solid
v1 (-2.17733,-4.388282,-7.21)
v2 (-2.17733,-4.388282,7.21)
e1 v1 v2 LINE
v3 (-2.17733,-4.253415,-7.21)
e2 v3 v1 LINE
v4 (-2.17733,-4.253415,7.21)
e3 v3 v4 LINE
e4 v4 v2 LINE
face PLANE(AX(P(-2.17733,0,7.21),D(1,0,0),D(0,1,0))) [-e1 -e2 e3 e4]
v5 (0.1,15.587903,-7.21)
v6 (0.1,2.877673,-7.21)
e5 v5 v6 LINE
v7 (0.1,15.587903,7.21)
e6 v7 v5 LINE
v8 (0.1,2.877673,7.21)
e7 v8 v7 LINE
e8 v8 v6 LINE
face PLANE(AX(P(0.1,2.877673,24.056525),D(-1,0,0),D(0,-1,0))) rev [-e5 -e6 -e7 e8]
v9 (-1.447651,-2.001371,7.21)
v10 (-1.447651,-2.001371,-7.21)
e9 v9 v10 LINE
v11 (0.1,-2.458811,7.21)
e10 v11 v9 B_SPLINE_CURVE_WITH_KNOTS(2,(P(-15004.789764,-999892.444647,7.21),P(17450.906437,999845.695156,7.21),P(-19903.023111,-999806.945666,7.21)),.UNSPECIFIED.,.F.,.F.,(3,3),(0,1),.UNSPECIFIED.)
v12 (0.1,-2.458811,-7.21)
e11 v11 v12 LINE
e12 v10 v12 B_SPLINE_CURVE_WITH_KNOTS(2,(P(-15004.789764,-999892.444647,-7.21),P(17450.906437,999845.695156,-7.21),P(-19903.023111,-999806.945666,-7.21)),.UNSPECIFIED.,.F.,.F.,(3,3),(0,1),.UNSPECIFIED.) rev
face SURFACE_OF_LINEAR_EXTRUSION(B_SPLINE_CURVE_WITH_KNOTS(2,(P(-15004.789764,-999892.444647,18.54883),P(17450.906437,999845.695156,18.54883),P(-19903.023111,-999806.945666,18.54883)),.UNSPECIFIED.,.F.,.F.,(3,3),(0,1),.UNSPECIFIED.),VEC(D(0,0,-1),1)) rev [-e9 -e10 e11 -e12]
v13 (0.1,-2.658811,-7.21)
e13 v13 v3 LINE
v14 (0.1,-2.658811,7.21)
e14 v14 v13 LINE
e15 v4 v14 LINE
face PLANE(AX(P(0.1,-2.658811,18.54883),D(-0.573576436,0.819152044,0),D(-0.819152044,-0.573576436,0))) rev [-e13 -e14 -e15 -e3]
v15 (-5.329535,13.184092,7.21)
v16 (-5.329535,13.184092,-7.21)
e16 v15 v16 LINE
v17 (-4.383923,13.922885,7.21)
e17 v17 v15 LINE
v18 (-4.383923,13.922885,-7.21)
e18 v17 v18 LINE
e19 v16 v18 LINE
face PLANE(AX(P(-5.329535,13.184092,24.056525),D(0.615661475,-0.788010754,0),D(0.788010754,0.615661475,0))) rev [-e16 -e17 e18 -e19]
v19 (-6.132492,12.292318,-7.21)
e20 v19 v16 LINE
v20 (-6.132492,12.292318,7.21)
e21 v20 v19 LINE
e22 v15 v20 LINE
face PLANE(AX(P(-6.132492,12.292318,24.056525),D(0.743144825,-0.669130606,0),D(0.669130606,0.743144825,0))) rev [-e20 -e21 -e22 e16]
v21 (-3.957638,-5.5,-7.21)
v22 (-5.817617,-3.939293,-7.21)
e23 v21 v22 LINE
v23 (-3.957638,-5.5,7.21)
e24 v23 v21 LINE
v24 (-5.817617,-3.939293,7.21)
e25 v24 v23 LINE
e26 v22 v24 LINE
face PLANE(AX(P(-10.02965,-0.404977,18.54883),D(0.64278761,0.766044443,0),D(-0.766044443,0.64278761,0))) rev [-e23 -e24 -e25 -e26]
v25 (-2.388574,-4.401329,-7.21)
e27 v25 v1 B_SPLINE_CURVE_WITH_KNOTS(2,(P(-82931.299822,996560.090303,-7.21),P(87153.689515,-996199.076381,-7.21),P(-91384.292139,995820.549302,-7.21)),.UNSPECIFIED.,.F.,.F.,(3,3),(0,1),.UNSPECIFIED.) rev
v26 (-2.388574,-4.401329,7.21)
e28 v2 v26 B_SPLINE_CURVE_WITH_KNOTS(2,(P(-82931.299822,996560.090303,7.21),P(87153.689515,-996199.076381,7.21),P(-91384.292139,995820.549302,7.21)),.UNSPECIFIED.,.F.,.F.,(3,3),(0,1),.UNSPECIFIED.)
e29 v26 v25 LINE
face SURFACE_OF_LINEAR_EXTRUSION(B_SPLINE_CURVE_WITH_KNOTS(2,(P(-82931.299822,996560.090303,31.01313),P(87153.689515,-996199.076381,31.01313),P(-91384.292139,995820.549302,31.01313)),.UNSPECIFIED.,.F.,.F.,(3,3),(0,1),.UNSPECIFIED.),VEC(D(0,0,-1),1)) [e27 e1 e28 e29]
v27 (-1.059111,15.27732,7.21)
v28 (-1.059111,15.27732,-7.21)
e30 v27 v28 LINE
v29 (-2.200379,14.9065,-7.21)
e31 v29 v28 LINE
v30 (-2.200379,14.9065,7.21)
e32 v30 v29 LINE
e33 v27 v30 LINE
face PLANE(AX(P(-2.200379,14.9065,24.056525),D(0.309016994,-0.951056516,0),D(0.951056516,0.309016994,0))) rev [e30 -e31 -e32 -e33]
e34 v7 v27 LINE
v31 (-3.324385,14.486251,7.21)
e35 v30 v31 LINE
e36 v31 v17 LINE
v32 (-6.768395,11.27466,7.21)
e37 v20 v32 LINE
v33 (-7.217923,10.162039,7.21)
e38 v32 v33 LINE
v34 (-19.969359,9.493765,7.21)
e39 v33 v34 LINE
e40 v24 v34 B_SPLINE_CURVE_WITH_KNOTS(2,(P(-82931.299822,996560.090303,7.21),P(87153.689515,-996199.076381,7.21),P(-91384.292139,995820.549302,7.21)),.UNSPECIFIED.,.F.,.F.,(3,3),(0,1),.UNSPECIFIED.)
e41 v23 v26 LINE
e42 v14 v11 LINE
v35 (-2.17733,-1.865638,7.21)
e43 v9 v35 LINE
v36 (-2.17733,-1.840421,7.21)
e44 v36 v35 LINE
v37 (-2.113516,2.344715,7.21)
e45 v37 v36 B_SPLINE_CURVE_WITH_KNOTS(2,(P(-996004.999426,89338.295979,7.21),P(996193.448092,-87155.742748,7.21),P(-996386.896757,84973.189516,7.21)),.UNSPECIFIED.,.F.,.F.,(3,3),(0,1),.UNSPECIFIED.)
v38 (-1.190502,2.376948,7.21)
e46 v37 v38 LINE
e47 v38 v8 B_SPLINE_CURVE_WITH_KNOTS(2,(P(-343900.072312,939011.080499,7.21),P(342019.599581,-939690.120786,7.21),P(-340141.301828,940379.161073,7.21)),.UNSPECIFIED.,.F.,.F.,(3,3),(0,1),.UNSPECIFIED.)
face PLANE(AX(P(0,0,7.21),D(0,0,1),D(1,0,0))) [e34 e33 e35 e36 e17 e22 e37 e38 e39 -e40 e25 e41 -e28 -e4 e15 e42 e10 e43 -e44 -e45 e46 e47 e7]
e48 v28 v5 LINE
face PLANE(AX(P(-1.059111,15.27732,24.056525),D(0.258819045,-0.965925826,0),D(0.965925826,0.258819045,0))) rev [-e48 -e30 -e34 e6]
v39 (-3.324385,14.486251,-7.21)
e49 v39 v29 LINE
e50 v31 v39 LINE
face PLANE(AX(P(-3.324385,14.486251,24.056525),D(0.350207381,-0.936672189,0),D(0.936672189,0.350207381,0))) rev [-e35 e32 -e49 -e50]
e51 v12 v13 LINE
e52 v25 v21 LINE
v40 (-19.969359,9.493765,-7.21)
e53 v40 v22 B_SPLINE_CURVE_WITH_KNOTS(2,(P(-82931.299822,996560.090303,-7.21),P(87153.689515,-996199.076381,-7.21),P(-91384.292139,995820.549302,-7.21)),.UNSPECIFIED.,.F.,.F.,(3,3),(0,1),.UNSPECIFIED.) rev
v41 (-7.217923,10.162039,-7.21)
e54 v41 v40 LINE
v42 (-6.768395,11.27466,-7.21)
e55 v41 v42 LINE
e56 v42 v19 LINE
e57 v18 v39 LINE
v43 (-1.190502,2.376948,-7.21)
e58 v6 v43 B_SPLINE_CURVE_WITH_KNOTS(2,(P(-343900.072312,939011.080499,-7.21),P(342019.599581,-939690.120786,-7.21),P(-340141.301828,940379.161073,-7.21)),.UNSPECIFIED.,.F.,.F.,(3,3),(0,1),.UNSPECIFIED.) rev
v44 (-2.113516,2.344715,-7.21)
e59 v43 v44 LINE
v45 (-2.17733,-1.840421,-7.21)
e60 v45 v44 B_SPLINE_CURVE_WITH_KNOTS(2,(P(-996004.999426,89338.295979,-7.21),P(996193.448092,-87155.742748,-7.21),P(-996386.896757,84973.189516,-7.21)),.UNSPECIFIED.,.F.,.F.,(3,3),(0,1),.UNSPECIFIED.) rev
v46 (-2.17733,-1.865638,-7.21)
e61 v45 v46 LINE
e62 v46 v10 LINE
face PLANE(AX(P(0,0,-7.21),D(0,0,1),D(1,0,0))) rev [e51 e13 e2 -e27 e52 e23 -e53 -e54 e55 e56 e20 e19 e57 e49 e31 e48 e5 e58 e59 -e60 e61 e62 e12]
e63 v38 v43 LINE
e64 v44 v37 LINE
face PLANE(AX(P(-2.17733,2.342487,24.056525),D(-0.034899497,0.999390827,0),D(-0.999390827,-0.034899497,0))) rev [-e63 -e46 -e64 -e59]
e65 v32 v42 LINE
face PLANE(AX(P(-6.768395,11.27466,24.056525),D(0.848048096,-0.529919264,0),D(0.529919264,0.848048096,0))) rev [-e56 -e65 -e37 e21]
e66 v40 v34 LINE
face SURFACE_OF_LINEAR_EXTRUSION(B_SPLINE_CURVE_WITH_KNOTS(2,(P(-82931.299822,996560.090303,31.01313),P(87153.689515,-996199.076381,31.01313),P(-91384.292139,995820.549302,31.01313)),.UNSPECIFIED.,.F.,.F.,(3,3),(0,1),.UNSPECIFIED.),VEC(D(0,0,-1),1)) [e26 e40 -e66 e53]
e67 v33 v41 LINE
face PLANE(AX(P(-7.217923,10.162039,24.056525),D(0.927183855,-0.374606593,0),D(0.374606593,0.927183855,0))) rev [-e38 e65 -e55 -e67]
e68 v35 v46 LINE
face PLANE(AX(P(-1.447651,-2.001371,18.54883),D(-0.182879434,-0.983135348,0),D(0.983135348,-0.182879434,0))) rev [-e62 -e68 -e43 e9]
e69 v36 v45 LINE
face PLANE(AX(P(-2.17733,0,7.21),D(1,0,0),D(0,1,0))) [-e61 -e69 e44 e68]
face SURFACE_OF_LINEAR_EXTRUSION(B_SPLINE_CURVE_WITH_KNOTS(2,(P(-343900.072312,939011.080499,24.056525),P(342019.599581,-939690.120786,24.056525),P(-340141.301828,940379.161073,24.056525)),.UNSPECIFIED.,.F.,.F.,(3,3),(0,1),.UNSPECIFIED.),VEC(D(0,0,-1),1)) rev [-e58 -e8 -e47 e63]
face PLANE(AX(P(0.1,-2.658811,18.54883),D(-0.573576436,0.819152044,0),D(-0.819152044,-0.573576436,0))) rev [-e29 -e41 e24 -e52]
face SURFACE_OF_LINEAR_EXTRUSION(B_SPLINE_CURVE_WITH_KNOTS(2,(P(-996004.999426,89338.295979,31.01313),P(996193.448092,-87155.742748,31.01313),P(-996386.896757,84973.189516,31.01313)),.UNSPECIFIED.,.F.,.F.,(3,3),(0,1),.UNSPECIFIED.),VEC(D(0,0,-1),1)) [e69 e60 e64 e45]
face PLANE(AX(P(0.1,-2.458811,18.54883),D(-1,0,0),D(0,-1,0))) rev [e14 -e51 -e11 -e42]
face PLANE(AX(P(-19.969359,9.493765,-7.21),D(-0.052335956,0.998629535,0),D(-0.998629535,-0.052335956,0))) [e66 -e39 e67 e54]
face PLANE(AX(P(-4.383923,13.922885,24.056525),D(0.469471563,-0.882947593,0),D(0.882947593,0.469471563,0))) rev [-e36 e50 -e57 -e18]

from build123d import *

# Parameters (mm, degrees)
CROQUIS_BASE_DEPTH              = 7.21
LENTE_PPAL_1_REACH              = 29.232
LENTE_PPAL_1_DIRECTION_2_REACH  = 29.232
LENTE_PPAL_2_DEPTH              = 28.232395361
LENTE_PPAL_2_DEPTH_BACK         = 28.232395361
CROQUIS9_3_OUTSIDE_W            = 30.105
CROQUIS9_3_OUTSIDE_H            = 25.977
LENTE_FRONTAL_REACH             = 25.468
LENTE_FRONTAL_DIRECTION_2_REACH = 25.468
LENTE_TRASERA_REACH             = 28.339
LENTE_TRASERA_DIRECTION_2_REACH = 28.339


with BuildPart() as part:
    # Croquis1 → croquis base (new, symmetric)
    with BuildSketch(Plane.XY):
        with BuildLine():
            Line((-8.981845695, 12.608155172), (-23.035921146, 11.871612288))
            Line((-23.035921146, 11.871612288), (-23.035921146, 11.54013782))
            ThreePointArc((-23.035921146, 11.54013782), (-20.949684518, 9.582335705), (-18.945192114, 7.540918896))
            add(Edge.make_bspline(
                [(-18.945192114, 7.540918896), (-10.215008384, -3.697644103), (-2.846604825, -5.059081104)],
                knots=[0.497667241, 0.497667241, 0.497667241, 0.49955428, 0.49955428, 0.49955428], degree=2, weights=[1, 1, 1]))
            add(Edge.make_bspline(
                [(-2.846604825, -5.059081104), (-2.498165198, -4.87297933), (-2.177330418, -4.684462446)],
                knots=[0.498812075, 0.498812075, 0.498812075, 0.498911556, 0.498911556, 0.498911556], degree=2, weights=[1, 1, 1]))
            Line((-2.177330418, -4.684462446), (-2.177330418, 6.186438919))
            add(Edge.make_bspline(
                [(-2.177330418, 6.186438919), (-4.063319702, 8.141636997), (-6.994875026, 10.477389992)],
                knots=[0.50138293, 0.50138293, 0.50138293, 0.502013312, 0.502013312, 0.502013312], degree=2, weights=[1, 1, 1]))
            Line((-6.994875026, 10.477389992), (-8.981845695, 12.608155172))
        make_face()
    extrude(amount=CROQUIS_BASE_DEPTH, both=True)

    # lente ppal 1: up to this face of the body (flat: up to its plane)
    lente_ppal_1_end = Plane(part.part.faces().sort_by_distance((-10.153546236, 5.159655325, 7.21))[0])
    # Croquis9 → lente ppal 1 (add, up to the picked face)
    with BuildSketch(Plane.XY, mode=Mode.PRIVATE) as lente_ppal_1_sk1:
        with BuildLine():
            add(Edge.make_bspline(
                [(-2.177330418, -4.388282022), (-10.4130765, -4.994158739), (-19.969359014, 9.493765032)],
                knots=[0, 0, 0, 1, 1, 1], degree=2))
            Line((-19.969359014, 9.493765032), (-10.309820395, 10))
            Line((-10.309820395, 10), (-2.177330418, 6.082860828))
            Line((-2.177330418, 6.082860828), (-2.177330418, 2.424232079))
            add(Edge.make_bspline(
                [(-2.177330418, 2.424232079), (-0.304369247, 0.128042884), (-2.177330418, -1.840420572)],
                knots=[0, 0, 0, 1, 1, 1], degree=2))
            Line((-2.177330418, -1.840420572), (-2.177330418, -4.388282022))
        make_face()
    lente_ppal_1_tool1 = split(extrude(lente_ppal_1_sk1.sketch, amount=LENTE_PPAL_1_REACH, mode=Mode.PRIVATE), bisect_by=lente_ppal_1_end, keep=Keep.BOTH, mode=Mode.PRIVATE)
    add(lente_ppal_1_tool1.solids().sort_by(Axis((-9.106368, 3.599172, 0), (0, 0, 1)))[0])

    # lente ppal 1 direction 2: up to this face of the body (flat: up to its plane)
    lente_ppal_1_direction_2_end = Plane(part.part.faces().sort_by_distance((-10.153546236, 5.159655325, -7.21))[0])
    # Croquis9 → lente ppal 1 direction 2 (add, up to the picked face)
    with BuildSketch(Plane.XY, mode=Mode.PRIVATE) as lente_ppal_1_direction_2_sk1:
        with BuildLine():
            add(Edge.make_bspline(
                [(-2.177330418, -4.388282022), (-10.4130765, -4.994158739), (-19.969359014, 9.493765032)],
                knots=[0, 0, 0, 1, 1, 1], degree=2))
            Line((-19.969359014, 9.493765032), (-10.309820395, 10))
            Line((-10.309820395, 10), (-2.177330418, 6.082860828))
            Line((-2.177330418, 6.082860828), (-2.177330418, 2.424232079))
            add(Edge.make_bspline(
                [(-2.177330418, 2.424232079), (-0.304369247, 0.128042884), (-2.177330418, -1.840420572)],
                knots=[0, 0, 0, 1, 1, 1], degree=2))
            Line((-2.177330418, -1.840420572), (-2.177330418, -4.388282022))
        make_face()
    lente_ppal_1_direction_2_tool1 = split(extrude(lente_ppal_1_direction_2_sk1.sketch, amount=-LENTE_PPAL_1_DIRECTION_2_REACH, mode=Mode.PRIVATE), bisect_by=lente_ppal_1_direction_2_end, keep=Keep.BOTH, mode=Mode.PRIVATE)
    add(lente_ppal_1_direction_2_tool1.solids().sort_by(Axis((-9.106368, 3.599172, 0), (0, 0, -1)))[0])

    # Croquis9<3> outside → lente ppal 2 (cut, two sides: drawn at the far end of the back side and taken through both)
    with BuildSketch(Plane.XY.offset(-LENTE_PPAL_2_DEPTH_BACK)):
        with Locations((-12.1385, 3.7745)):
            Rectangle(CROQUIS9_3_OUTSIDE_W, CROQUIS9_3_OUTSIDE_H)
        with BuildLine():
            Line((-2.177330418, -1.840420572), (-2.177330418, -4.388282022))
            add(Edge.make_bspline(
                [(-2.177330418, -4.388282022), (-10.4130765, -4.994158739), (-19.969359014, 9.493765032)],
                knots=[0, 0, 0, 1, 1, 1], degree=2))
            Line((-19.969359014, 9.493765032), (-10.309820395, 10))
            Line((-10.309820395, 10), (-2.177330418, 6.082860828))
            Line((-2.177330418, 6.082860828), (-2.177330418, 2.424232079))
            add(Edge.make_bspline(
                [(-2.177330418, 2.424232079), (-0.304369247, 0.128042884), (-2.177330418, -1.840420572)],
                knots=[0, 0, 0, 1, 1, 1], degree=2))
        make_face(mode=Mode.SUBTRACT)
    extrude(amount=LENTE_PPAL_2_DEPTH + LENTE_PPAL_2_DEPTH_BACK, mode=Mode.SUBTRACT)

    # lente frontal: up to this face of the body (flat: up to its plane)
    lente_frontal_end = Plane(part.part.faces().sort_by_distance((-9.106367081, 3.599171888, 7.21))[0])
    # Croquis8 → lente frontal (add, up to the picked face)
    with BuildSketch(Plane.XY, mode=Mode.PRIVATE) as lente_frontal_sk1:
        with BuildLine():
            Line((0.1, 2.877673418), (0.1, 15.587903347))
            Line((0.1, 15.587903347), (-1.059110992, 15.277320493))
            Line((-1.059110992, 15.277320493), (-2.200378811, 14.9065001))
            Line((-2.200378811, 14.9065001), (-3.324385438, 14.486251242))
            Line((-3.324385438, 14.486251242), (-4.38392255, 13.922885367))
            Line((-4.38392255, 13.922885367), (-5.329535454, 13.184091597))
            Line((-5.329535454, 13.184091597), (-6.132492182, 12.292317806))
            Line((-6.132492182, 12.292317806), (-6.768395299, 11.274660091))
            Line((-6.768395299, 11.274660091), (-7.217923211, 10.162039465))
            Line((-7.217923211, 10.162039465), (-10.309820395, 10))
            Line((-10.309820395, 10), (-2.177330418, 2.342487007))
            Line((-2.177330418, 2.342487007), (-1.190501641, 2.376947827))
            add(Edge.make_bspline(
                [(-1.190501641, 2.376947827), (-0.463368169, 2.402339888), (0.1, 2.877673418)],
                knots=[0, 0, 0, 1, 1, 1], degree=2))
        make_face()
    lente_frontal_tool1 = split(extrude(lente_frontal_sk1.sketch, amount=LENTE_FRONTAL_REACH, mode=Mode.PRIVATE), bisect_by=lente_frontal_end, keep=Keep.BOTH, mode=Mode.PRIVATE)
    add(lente_frontal_tool1.solids().sort_by(Axis((-3.290182, 8.96302, 0), (0, 0, 1)))[0])

    # lente frontal direction 2: up to this face of the body (flat: up to its plane)
    lente_frontal_direction_2_end = Plane(part.part.faces().sort_by_distance((-9.106367081, 3.599171888, -7.21))[0])
    # Croquis8 → lente frontal direction 2 (add, up to the picked face)
    with BuildSketch(Plane.XY, mode=Mode.PRIVATE) as lente_frontal_direction_2_sk1:
        with BuildLine():
            Line((0.1, 2.877673418), (0.1, 15.587903347))
            Line((0.1, 15.587903347), (-1.059110992, 15.277320493))
            Line((-1.059110992, 15.277320493), (-2.200378811, 14.9065001))
            Line((-2.200378811, 14.9065001), (-3.324385438, 14.486251242))
            Line((-3.324385438, 14.486251242), (-4.38392255, 13.922885367))
            Line((-4.38392255, 13.922885367), (-5.329535454, 13.184091597))
            Line((-5.329535454, 13.184091597), (-6.132492182, 12.292317806))
            Line((-6.132492182, 12.292317806), (-6.768395299, 11.274660091))
            Line((-6.768395299, 11.274660091), (-7.217923211, 10.162039465))
            Line((-7.217923211, 10.162039465), (-10.309820395, 10))
            Line((-10.309820395, 10), (-2.177330418, 2.342487007))
            Line((-2.177330418, 2.342487007), (-1.190501641, 2.376947827))
            add(Edge.make_bspline(
                [(-1.190501641, 2.376947827), (-0.463368169, 2.402339888), (0.1, 2.877673418)],
                knots=[0, 0, 0, 1, 1, 1], degree=2))
        make_face()
    lente_frontal_direction_2_tool1 = split(extrude(lente_frontal_direction_2_sk1.sketch, amount=-LENTE_FRONTAL_DIRECTION_2_REACH, mode=Mode.PRIVATE), bisect_by=lente_frontal_direction_2_end, keep=Keep.BOTH, mode=Mode.PRIVATE)
    add(lente_frontal_direction_2_tool1.solids().sort_by(Axis((-3.290182, 8.96302, 0), (0, 0, -1)))[0])

    # lente trasera: up to this face of the body (flat: up to its plane)
    lente_trasera_end = Plane(part.part.faces().sort_by_distance((-7.357064552, 5.305385386, 7.21))[0])
    # Croquis11 → lente trasera (add, up to the picked face)
    with BuildSketch(Plane.XY, mode=Mode.PRIVATE) as lente_trasera_sk1:
        with BuildLine():
            Line((0.1, -2.458811066), (0.1, -2.658811066))
            Line((0.1, -2.658811066), (-3.957638313, -5.5))
            Line((-3.957638313, -5.5), (-10.029650265, -0.404977011))
            Line((-10.029650265, -0.404977011), (-1.447650757, -2.001370848))
            add(Edge.make_bspline(
                [(-1.447650757, -2.001370848), (-0.67030688, -2.028516294), (0.1, -2.458811066)],
                knots=[0, 0, 0, 1, 1, 1], degree=2))
        make_face()
    lente_trasera_tool1 = split(extrude(lente_trasera_sk1.sketch, amount=LENTE_TRASERA_REACH, mode=Mode.PRIVATE), bisect_by=lente_trasera_end, keep=Keep.BOTH, mode=Mode.PRIVATE)
    add(lente_trasera_tool1.solids().sort_by(Axis((-4.514125, -2.758798, 0), (0, 0, 1)))[0])

    # lente trasera direction 2: up to this face of the body (flat: up to its plane)
    lente_trasera_direction_2_end = Plane(part.part.faces().sort_by_distance((-7.357064552, 5.305385386, -7.21))[0])
    # Croquis11 → lente trasera direction 2 (add, up to the picked face)
    with BuildSketch(Plane.XY, mode=Mode.PRIVATE) as lente_trasera_direction_2_sk1:
        with BuildLine():
            Line((0.1, -2.458811066), (0.1, -2.658811066))
            Line((0.1, -2.658811066), (-3.957638313, -5.5))
            Line((-3.957638313, -5.5), (-10.029650265, -0.404977011))
            Line((-10.029650265, -0.404977011), (-1.447650757, -2.001370848))
            add(Edge.make_bspline(
                [(-1.447650757, -2.001370848), (-0.67030688, -2.028516294), (0.1, -2.458811066)],
                knots=[0, 0, 0, 1, 1, 1], degree=2))
        make_face()
    lente_trasera_direction_2_tool1 = split(extrude(lente_trasera_direction_2_sk1.sketch, amount=-LENTE_TRASERA_DIRECTION_2_REACH, mode=Mode.PRIVATE), bisect_by=lente_trasera_direction_2_end, keep=Keep.BOTH, mode=Mode.PRIVATE)
    add(lente_trasera_direction_2_tool1.solids().sort_by(Axis((-4.514125, -2.758798, 0), (0, 0, -1)))[0])


solid = part.part
